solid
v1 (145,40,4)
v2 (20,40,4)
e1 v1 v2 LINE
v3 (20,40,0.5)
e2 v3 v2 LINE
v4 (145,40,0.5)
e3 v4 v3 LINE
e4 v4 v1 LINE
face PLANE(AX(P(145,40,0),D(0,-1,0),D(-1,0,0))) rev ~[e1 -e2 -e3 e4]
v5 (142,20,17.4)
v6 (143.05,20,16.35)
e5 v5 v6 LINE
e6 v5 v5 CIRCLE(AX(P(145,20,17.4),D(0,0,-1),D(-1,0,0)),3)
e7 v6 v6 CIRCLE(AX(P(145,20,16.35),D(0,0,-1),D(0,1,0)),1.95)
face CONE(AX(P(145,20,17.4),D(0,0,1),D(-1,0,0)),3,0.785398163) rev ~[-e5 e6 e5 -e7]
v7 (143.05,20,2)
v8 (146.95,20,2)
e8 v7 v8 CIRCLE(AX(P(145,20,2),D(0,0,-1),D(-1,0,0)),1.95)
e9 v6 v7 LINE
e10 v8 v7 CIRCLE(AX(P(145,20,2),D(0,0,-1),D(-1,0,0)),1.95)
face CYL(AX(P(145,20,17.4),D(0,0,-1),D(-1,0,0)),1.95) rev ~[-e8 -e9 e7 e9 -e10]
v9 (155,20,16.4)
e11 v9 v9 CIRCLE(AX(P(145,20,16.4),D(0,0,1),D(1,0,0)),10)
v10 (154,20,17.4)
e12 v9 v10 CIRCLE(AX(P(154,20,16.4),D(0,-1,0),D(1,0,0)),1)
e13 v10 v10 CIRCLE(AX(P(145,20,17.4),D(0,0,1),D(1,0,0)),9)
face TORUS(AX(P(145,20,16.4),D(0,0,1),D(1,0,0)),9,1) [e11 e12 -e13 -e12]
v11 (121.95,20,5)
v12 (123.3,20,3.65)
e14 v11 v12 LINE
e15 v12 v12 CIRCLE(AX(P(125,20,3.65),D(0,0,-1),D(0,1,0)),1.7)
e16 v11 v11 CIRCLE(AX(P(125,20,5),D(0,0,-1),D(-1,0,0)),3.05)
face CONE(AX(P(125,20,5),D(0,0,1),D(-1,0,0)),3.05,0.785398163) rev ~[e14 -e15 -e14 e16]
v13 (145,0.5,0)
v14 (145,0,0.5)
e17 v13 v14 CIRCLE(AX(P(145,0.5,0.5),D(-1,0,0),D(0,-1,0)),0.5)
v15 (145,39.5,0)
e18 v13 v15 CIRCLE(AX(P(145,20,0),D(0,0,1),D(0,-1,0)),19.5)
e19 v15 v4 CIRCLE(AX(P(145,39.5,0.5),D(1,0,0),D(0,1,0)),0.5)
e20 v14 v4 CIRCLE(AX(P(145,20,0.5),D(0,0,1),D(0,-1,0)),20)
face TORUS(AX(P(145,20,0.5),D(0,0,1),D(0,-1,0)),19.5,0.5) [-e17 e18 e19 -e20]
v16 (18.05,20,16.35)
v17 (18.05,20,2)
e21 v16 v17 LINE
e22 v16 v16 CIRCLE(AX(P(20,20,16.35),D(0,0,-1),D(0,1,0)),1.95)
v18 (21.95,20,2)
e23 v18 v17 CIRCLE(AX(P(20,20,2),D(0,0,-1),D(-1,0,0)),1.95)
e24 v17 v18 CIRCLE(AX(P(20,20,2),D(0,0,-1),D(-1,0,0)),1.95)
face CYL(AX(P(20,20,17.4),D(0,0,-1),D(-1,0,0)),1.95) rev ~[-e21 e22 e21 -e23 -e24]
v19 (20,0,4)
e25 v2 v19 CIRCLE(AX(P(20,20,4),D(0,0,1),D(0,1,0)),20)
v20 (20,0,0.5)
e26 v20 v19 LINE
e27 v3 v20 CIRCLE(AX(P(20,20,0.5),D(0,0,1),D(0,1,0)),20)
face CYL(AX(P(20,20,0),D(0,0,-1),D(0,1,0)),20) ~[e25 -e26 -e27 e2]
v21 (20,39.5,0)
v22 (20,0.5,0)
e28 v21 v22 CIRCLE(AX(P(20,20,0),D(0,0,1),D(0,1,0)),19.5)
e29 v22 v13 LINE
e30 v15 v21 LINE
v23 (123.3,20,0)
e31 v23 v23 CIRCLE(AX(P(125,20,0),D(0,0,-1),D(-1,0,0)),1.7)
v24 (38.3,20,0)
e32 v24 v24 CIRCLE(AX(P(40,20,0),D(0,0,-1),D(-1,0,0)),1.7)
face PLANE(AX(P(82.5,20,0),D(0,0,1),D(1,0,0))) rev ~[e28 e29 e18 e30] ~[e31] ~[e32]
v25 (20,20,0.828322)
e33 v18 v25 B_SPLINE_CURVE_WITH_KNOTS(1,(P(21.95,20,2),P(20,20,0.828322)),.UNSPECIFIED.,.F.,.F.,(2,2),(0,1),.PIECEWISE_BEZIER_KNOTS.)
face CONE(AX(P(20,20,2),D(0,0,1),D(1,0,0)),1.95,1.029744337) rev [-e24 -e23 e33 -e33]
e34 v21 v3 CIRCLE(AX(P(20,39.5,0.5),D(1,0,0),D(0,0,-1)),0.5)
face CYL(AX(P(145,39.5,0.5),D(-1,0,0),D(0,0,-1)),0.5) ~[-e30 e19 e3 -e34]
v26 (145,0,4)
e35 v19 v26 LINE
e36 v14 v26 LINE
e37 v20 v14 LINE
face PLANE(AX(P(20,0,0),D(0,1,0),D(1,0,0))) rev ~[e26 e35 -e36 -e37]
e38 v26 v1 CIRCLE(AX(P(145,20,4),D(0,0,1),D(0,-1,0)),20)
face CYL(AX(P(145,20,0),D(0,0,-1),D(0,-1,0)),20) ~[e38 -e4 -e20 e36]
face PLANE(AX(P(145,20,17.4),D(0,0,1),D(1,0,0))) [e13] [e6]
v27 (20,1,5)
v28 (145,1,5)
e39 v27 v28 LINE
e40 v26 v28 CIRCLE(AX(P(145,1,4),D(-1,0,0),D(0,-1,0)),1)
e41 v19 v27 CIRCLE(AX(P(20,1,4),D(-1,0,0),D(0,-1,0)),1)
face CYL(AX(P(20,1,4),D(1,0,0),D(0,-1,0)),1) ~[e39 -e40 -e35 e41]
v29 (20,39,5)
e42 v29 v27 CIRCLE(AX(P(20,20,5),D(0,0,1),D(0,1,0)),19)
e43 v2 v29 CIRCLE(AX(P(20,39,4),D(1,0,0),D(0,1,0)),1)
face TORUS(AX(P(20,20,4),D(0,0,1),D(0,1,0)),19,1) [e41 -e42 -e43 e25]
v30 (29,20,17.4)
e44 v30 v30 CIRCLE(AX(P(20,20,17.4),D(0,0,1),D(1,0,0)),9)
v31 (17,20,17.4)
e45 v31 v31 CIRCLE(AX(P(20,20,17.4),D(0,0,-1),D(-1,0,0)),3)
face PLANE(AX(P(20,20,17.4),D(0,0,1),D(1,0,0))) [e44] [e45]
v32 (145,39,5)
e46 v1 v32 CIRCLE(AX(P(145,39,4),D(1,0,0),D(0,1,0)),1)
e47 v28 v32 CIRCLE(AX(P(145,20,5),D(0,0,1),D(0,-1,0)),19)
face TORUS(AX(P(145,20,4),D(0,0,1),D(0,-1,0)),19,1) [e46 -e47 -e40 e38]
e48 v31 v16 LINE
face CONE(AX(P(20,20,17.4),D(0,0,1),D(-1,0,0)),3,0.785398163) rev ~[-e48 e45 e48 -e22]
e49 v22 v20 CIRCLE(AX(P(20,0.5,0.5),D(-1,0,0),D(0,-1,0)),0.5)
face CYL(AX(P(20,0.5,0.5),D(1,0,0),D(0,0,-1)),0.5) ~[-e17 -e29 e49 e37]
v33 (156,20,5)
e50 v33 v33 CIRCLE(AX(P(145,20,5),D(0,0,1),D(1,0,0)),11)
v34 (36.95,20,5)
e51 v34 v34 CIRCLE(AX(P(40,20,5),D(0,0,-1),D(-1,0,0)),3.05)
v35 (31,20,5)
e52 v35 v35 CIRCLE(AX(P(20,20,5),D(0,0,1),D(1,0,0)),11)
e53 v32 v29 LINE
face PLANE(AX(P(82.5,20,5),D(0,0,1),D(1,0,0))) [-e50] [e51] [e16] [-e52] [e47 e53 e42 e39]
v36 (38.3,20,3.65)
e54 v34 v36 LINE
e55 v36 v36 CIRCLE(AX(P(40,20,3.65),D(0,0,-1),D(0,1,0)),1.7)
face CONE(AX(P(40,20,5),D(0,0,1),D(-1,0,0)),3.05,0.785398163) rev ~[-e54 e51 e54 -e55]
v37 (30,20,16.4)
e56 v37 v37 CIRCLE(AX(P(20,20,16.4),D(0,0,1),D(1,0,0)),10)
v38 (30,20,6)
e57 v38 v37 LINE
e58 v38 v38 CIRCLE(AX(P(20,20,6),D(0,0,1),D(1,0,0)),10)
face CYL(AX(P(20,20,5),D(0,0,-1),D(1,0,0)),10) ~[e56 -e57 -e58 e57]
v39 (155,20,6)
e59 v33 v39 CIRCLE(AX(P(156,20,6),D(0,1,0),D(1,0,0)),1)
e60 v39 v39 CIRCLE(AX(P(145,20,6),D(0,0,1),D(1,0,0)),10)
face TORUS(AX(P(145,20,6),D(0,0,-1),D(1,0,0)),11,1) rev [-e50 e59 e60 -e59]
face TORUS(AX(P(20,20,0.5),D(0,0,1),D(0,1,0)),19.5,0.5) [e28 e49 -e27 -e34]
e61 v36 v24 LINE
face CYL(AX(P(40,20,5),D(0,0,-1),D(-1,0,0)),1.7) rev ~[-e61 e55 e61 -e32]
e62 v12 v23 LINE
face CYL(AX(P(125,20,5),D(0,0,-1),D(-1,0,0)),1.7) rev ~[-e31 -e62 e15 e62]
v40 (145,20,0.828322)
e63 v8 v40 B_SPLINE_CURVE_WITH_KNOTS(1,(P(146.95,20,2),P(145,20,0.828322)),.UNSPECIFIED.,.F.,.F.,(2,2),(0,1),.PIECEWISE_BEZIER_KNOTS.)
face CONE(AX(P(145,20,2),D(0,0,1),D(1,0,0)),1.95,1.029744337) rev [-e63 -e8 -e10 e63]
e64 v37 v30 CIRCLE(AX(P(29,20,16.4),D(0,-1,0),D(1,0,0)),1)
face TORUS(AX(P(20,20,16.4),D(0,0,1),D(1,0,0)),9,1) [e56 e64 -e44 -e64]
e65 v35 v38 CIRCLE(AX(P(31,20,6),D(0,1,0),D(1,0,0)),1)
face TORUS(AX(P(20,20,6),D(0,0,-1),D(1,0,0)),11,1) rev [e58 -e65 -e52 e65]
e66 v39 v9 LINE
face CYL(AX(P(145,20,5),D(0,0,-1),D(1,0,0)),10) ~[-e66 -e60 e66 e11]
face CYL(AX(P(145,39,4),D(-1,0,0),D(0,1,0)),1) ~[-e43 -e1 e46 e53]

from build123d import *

# Parameters (mm, degrees)
PAD_DEPTH           = 5
SKETCH001_R         = 10
PAD001_DEPTH        = 12.4
HOLE_D              = 3.9
HOLE_DEPTH          = 15.4
HOLE_CSINK_D        = 6
HOLE_CSINK_ANGLE    = 90
HOLE_TIPS_R         = 1.95
FILLET_R            = 1
FILLET001_R         = 0.5
HOLE001_D           = 3.4
HOLE001_CSINK_D     = 6.1
HOLE001_CSINK_ANGLE = 90


with BuildPart() as part:
    # Sketch → Pad (new body)
    with BuildSketch(Plane.XY):
        with BuildLine():
            ThreePointArc((20, 40), (0, 20), (20, 0))
            Line((20, 0), (145, 0))
            ThreePointArc((145, 0), (165, 20), (145, 40))
            Line((145, 40), (20, 40))
        make_face()
    extrude(amount=PAD_DEPTH)

    # Sketch001 → Pad001 (join)
    with BuildSketch(Plane.XY.offset(5)):
        with Locations((20, 20)):
            Circle(SKETCH001_R)
        with Locations((145, 20)):
            Circle(SKETCH001_R)
    extrude(amount=PAD001_DEPTH)

    # Hole
    with Locations(Plane.XY.offset(17.4)):
        with Locations((20, 20), (145, 20)):
            CounterSinkHole(HOLE_D / 2, HOLE_CSINK_D / 2, depth=HOLE_DEPTH, counter_sink_angle=HOLE_CSINK_ANGLE)

    # Hole tips → Hole tip 1 section 0
    with BuildSketch(Plane.XY.offset(2), mode=Mode.PRIVATE) as hole_tip_1_s0:
        with Locations((20, 20)):
            Circle(HOLE_TIPS_R)
    loft([hole_tip_1_s0.sketch, Vertex(20, 20, 0.828322)], mode=Mode.SUBTRACT)

    # Hole tips → Hole tip 2 section 0
    with BuildSketch(Plane.XY.offset(2), mode=Mode.PRIVATE) as hole_tip_2_s0:
        with Locations((145, 20)):
            Circle(HOLE_TIPS_R)
    loft([hole_tip_2_s0.sketch, Vertex(145, 20, 0.828322)], mode=Mode.SUBTRACT)

    # Fillet
    fillet_edges = [part.edges().sort_by_distance(p)[0] for p in [
        (10, 20, 17.4),
        (135, 20, 5),
        (0, 20, 5),
        (82.5, 0, 5),
        (82.5, 40, 5),
        (165, 20, 5),
        (10, 20, 5),
        (135, 20, 17.4),
    ]]
    fillet(fillet_edges, radius=FILLET_R)

    # Fillet001
    fillet001_edges = [part.edges().sort_by_distance(p)[0] for p in [
        (165, 20, 0),
        (82.5, 0, 0),
        (82.5, 40, 0),
        (0, 20, 0),
    ]]
    fillet(fillet001_edges, radius=FILLET001_R)

    # Hole001 (through all)
    with Locations(Plane.XY.offset(5)):
        with Locations((40, 20), (125, 20)):
            CounterSinkHole(HOLE001_D / 2, HOLE001_CSINK_D / 2, counter_sink_angle=HOLE001_CSINK_ANGLE)


solid = part.part
